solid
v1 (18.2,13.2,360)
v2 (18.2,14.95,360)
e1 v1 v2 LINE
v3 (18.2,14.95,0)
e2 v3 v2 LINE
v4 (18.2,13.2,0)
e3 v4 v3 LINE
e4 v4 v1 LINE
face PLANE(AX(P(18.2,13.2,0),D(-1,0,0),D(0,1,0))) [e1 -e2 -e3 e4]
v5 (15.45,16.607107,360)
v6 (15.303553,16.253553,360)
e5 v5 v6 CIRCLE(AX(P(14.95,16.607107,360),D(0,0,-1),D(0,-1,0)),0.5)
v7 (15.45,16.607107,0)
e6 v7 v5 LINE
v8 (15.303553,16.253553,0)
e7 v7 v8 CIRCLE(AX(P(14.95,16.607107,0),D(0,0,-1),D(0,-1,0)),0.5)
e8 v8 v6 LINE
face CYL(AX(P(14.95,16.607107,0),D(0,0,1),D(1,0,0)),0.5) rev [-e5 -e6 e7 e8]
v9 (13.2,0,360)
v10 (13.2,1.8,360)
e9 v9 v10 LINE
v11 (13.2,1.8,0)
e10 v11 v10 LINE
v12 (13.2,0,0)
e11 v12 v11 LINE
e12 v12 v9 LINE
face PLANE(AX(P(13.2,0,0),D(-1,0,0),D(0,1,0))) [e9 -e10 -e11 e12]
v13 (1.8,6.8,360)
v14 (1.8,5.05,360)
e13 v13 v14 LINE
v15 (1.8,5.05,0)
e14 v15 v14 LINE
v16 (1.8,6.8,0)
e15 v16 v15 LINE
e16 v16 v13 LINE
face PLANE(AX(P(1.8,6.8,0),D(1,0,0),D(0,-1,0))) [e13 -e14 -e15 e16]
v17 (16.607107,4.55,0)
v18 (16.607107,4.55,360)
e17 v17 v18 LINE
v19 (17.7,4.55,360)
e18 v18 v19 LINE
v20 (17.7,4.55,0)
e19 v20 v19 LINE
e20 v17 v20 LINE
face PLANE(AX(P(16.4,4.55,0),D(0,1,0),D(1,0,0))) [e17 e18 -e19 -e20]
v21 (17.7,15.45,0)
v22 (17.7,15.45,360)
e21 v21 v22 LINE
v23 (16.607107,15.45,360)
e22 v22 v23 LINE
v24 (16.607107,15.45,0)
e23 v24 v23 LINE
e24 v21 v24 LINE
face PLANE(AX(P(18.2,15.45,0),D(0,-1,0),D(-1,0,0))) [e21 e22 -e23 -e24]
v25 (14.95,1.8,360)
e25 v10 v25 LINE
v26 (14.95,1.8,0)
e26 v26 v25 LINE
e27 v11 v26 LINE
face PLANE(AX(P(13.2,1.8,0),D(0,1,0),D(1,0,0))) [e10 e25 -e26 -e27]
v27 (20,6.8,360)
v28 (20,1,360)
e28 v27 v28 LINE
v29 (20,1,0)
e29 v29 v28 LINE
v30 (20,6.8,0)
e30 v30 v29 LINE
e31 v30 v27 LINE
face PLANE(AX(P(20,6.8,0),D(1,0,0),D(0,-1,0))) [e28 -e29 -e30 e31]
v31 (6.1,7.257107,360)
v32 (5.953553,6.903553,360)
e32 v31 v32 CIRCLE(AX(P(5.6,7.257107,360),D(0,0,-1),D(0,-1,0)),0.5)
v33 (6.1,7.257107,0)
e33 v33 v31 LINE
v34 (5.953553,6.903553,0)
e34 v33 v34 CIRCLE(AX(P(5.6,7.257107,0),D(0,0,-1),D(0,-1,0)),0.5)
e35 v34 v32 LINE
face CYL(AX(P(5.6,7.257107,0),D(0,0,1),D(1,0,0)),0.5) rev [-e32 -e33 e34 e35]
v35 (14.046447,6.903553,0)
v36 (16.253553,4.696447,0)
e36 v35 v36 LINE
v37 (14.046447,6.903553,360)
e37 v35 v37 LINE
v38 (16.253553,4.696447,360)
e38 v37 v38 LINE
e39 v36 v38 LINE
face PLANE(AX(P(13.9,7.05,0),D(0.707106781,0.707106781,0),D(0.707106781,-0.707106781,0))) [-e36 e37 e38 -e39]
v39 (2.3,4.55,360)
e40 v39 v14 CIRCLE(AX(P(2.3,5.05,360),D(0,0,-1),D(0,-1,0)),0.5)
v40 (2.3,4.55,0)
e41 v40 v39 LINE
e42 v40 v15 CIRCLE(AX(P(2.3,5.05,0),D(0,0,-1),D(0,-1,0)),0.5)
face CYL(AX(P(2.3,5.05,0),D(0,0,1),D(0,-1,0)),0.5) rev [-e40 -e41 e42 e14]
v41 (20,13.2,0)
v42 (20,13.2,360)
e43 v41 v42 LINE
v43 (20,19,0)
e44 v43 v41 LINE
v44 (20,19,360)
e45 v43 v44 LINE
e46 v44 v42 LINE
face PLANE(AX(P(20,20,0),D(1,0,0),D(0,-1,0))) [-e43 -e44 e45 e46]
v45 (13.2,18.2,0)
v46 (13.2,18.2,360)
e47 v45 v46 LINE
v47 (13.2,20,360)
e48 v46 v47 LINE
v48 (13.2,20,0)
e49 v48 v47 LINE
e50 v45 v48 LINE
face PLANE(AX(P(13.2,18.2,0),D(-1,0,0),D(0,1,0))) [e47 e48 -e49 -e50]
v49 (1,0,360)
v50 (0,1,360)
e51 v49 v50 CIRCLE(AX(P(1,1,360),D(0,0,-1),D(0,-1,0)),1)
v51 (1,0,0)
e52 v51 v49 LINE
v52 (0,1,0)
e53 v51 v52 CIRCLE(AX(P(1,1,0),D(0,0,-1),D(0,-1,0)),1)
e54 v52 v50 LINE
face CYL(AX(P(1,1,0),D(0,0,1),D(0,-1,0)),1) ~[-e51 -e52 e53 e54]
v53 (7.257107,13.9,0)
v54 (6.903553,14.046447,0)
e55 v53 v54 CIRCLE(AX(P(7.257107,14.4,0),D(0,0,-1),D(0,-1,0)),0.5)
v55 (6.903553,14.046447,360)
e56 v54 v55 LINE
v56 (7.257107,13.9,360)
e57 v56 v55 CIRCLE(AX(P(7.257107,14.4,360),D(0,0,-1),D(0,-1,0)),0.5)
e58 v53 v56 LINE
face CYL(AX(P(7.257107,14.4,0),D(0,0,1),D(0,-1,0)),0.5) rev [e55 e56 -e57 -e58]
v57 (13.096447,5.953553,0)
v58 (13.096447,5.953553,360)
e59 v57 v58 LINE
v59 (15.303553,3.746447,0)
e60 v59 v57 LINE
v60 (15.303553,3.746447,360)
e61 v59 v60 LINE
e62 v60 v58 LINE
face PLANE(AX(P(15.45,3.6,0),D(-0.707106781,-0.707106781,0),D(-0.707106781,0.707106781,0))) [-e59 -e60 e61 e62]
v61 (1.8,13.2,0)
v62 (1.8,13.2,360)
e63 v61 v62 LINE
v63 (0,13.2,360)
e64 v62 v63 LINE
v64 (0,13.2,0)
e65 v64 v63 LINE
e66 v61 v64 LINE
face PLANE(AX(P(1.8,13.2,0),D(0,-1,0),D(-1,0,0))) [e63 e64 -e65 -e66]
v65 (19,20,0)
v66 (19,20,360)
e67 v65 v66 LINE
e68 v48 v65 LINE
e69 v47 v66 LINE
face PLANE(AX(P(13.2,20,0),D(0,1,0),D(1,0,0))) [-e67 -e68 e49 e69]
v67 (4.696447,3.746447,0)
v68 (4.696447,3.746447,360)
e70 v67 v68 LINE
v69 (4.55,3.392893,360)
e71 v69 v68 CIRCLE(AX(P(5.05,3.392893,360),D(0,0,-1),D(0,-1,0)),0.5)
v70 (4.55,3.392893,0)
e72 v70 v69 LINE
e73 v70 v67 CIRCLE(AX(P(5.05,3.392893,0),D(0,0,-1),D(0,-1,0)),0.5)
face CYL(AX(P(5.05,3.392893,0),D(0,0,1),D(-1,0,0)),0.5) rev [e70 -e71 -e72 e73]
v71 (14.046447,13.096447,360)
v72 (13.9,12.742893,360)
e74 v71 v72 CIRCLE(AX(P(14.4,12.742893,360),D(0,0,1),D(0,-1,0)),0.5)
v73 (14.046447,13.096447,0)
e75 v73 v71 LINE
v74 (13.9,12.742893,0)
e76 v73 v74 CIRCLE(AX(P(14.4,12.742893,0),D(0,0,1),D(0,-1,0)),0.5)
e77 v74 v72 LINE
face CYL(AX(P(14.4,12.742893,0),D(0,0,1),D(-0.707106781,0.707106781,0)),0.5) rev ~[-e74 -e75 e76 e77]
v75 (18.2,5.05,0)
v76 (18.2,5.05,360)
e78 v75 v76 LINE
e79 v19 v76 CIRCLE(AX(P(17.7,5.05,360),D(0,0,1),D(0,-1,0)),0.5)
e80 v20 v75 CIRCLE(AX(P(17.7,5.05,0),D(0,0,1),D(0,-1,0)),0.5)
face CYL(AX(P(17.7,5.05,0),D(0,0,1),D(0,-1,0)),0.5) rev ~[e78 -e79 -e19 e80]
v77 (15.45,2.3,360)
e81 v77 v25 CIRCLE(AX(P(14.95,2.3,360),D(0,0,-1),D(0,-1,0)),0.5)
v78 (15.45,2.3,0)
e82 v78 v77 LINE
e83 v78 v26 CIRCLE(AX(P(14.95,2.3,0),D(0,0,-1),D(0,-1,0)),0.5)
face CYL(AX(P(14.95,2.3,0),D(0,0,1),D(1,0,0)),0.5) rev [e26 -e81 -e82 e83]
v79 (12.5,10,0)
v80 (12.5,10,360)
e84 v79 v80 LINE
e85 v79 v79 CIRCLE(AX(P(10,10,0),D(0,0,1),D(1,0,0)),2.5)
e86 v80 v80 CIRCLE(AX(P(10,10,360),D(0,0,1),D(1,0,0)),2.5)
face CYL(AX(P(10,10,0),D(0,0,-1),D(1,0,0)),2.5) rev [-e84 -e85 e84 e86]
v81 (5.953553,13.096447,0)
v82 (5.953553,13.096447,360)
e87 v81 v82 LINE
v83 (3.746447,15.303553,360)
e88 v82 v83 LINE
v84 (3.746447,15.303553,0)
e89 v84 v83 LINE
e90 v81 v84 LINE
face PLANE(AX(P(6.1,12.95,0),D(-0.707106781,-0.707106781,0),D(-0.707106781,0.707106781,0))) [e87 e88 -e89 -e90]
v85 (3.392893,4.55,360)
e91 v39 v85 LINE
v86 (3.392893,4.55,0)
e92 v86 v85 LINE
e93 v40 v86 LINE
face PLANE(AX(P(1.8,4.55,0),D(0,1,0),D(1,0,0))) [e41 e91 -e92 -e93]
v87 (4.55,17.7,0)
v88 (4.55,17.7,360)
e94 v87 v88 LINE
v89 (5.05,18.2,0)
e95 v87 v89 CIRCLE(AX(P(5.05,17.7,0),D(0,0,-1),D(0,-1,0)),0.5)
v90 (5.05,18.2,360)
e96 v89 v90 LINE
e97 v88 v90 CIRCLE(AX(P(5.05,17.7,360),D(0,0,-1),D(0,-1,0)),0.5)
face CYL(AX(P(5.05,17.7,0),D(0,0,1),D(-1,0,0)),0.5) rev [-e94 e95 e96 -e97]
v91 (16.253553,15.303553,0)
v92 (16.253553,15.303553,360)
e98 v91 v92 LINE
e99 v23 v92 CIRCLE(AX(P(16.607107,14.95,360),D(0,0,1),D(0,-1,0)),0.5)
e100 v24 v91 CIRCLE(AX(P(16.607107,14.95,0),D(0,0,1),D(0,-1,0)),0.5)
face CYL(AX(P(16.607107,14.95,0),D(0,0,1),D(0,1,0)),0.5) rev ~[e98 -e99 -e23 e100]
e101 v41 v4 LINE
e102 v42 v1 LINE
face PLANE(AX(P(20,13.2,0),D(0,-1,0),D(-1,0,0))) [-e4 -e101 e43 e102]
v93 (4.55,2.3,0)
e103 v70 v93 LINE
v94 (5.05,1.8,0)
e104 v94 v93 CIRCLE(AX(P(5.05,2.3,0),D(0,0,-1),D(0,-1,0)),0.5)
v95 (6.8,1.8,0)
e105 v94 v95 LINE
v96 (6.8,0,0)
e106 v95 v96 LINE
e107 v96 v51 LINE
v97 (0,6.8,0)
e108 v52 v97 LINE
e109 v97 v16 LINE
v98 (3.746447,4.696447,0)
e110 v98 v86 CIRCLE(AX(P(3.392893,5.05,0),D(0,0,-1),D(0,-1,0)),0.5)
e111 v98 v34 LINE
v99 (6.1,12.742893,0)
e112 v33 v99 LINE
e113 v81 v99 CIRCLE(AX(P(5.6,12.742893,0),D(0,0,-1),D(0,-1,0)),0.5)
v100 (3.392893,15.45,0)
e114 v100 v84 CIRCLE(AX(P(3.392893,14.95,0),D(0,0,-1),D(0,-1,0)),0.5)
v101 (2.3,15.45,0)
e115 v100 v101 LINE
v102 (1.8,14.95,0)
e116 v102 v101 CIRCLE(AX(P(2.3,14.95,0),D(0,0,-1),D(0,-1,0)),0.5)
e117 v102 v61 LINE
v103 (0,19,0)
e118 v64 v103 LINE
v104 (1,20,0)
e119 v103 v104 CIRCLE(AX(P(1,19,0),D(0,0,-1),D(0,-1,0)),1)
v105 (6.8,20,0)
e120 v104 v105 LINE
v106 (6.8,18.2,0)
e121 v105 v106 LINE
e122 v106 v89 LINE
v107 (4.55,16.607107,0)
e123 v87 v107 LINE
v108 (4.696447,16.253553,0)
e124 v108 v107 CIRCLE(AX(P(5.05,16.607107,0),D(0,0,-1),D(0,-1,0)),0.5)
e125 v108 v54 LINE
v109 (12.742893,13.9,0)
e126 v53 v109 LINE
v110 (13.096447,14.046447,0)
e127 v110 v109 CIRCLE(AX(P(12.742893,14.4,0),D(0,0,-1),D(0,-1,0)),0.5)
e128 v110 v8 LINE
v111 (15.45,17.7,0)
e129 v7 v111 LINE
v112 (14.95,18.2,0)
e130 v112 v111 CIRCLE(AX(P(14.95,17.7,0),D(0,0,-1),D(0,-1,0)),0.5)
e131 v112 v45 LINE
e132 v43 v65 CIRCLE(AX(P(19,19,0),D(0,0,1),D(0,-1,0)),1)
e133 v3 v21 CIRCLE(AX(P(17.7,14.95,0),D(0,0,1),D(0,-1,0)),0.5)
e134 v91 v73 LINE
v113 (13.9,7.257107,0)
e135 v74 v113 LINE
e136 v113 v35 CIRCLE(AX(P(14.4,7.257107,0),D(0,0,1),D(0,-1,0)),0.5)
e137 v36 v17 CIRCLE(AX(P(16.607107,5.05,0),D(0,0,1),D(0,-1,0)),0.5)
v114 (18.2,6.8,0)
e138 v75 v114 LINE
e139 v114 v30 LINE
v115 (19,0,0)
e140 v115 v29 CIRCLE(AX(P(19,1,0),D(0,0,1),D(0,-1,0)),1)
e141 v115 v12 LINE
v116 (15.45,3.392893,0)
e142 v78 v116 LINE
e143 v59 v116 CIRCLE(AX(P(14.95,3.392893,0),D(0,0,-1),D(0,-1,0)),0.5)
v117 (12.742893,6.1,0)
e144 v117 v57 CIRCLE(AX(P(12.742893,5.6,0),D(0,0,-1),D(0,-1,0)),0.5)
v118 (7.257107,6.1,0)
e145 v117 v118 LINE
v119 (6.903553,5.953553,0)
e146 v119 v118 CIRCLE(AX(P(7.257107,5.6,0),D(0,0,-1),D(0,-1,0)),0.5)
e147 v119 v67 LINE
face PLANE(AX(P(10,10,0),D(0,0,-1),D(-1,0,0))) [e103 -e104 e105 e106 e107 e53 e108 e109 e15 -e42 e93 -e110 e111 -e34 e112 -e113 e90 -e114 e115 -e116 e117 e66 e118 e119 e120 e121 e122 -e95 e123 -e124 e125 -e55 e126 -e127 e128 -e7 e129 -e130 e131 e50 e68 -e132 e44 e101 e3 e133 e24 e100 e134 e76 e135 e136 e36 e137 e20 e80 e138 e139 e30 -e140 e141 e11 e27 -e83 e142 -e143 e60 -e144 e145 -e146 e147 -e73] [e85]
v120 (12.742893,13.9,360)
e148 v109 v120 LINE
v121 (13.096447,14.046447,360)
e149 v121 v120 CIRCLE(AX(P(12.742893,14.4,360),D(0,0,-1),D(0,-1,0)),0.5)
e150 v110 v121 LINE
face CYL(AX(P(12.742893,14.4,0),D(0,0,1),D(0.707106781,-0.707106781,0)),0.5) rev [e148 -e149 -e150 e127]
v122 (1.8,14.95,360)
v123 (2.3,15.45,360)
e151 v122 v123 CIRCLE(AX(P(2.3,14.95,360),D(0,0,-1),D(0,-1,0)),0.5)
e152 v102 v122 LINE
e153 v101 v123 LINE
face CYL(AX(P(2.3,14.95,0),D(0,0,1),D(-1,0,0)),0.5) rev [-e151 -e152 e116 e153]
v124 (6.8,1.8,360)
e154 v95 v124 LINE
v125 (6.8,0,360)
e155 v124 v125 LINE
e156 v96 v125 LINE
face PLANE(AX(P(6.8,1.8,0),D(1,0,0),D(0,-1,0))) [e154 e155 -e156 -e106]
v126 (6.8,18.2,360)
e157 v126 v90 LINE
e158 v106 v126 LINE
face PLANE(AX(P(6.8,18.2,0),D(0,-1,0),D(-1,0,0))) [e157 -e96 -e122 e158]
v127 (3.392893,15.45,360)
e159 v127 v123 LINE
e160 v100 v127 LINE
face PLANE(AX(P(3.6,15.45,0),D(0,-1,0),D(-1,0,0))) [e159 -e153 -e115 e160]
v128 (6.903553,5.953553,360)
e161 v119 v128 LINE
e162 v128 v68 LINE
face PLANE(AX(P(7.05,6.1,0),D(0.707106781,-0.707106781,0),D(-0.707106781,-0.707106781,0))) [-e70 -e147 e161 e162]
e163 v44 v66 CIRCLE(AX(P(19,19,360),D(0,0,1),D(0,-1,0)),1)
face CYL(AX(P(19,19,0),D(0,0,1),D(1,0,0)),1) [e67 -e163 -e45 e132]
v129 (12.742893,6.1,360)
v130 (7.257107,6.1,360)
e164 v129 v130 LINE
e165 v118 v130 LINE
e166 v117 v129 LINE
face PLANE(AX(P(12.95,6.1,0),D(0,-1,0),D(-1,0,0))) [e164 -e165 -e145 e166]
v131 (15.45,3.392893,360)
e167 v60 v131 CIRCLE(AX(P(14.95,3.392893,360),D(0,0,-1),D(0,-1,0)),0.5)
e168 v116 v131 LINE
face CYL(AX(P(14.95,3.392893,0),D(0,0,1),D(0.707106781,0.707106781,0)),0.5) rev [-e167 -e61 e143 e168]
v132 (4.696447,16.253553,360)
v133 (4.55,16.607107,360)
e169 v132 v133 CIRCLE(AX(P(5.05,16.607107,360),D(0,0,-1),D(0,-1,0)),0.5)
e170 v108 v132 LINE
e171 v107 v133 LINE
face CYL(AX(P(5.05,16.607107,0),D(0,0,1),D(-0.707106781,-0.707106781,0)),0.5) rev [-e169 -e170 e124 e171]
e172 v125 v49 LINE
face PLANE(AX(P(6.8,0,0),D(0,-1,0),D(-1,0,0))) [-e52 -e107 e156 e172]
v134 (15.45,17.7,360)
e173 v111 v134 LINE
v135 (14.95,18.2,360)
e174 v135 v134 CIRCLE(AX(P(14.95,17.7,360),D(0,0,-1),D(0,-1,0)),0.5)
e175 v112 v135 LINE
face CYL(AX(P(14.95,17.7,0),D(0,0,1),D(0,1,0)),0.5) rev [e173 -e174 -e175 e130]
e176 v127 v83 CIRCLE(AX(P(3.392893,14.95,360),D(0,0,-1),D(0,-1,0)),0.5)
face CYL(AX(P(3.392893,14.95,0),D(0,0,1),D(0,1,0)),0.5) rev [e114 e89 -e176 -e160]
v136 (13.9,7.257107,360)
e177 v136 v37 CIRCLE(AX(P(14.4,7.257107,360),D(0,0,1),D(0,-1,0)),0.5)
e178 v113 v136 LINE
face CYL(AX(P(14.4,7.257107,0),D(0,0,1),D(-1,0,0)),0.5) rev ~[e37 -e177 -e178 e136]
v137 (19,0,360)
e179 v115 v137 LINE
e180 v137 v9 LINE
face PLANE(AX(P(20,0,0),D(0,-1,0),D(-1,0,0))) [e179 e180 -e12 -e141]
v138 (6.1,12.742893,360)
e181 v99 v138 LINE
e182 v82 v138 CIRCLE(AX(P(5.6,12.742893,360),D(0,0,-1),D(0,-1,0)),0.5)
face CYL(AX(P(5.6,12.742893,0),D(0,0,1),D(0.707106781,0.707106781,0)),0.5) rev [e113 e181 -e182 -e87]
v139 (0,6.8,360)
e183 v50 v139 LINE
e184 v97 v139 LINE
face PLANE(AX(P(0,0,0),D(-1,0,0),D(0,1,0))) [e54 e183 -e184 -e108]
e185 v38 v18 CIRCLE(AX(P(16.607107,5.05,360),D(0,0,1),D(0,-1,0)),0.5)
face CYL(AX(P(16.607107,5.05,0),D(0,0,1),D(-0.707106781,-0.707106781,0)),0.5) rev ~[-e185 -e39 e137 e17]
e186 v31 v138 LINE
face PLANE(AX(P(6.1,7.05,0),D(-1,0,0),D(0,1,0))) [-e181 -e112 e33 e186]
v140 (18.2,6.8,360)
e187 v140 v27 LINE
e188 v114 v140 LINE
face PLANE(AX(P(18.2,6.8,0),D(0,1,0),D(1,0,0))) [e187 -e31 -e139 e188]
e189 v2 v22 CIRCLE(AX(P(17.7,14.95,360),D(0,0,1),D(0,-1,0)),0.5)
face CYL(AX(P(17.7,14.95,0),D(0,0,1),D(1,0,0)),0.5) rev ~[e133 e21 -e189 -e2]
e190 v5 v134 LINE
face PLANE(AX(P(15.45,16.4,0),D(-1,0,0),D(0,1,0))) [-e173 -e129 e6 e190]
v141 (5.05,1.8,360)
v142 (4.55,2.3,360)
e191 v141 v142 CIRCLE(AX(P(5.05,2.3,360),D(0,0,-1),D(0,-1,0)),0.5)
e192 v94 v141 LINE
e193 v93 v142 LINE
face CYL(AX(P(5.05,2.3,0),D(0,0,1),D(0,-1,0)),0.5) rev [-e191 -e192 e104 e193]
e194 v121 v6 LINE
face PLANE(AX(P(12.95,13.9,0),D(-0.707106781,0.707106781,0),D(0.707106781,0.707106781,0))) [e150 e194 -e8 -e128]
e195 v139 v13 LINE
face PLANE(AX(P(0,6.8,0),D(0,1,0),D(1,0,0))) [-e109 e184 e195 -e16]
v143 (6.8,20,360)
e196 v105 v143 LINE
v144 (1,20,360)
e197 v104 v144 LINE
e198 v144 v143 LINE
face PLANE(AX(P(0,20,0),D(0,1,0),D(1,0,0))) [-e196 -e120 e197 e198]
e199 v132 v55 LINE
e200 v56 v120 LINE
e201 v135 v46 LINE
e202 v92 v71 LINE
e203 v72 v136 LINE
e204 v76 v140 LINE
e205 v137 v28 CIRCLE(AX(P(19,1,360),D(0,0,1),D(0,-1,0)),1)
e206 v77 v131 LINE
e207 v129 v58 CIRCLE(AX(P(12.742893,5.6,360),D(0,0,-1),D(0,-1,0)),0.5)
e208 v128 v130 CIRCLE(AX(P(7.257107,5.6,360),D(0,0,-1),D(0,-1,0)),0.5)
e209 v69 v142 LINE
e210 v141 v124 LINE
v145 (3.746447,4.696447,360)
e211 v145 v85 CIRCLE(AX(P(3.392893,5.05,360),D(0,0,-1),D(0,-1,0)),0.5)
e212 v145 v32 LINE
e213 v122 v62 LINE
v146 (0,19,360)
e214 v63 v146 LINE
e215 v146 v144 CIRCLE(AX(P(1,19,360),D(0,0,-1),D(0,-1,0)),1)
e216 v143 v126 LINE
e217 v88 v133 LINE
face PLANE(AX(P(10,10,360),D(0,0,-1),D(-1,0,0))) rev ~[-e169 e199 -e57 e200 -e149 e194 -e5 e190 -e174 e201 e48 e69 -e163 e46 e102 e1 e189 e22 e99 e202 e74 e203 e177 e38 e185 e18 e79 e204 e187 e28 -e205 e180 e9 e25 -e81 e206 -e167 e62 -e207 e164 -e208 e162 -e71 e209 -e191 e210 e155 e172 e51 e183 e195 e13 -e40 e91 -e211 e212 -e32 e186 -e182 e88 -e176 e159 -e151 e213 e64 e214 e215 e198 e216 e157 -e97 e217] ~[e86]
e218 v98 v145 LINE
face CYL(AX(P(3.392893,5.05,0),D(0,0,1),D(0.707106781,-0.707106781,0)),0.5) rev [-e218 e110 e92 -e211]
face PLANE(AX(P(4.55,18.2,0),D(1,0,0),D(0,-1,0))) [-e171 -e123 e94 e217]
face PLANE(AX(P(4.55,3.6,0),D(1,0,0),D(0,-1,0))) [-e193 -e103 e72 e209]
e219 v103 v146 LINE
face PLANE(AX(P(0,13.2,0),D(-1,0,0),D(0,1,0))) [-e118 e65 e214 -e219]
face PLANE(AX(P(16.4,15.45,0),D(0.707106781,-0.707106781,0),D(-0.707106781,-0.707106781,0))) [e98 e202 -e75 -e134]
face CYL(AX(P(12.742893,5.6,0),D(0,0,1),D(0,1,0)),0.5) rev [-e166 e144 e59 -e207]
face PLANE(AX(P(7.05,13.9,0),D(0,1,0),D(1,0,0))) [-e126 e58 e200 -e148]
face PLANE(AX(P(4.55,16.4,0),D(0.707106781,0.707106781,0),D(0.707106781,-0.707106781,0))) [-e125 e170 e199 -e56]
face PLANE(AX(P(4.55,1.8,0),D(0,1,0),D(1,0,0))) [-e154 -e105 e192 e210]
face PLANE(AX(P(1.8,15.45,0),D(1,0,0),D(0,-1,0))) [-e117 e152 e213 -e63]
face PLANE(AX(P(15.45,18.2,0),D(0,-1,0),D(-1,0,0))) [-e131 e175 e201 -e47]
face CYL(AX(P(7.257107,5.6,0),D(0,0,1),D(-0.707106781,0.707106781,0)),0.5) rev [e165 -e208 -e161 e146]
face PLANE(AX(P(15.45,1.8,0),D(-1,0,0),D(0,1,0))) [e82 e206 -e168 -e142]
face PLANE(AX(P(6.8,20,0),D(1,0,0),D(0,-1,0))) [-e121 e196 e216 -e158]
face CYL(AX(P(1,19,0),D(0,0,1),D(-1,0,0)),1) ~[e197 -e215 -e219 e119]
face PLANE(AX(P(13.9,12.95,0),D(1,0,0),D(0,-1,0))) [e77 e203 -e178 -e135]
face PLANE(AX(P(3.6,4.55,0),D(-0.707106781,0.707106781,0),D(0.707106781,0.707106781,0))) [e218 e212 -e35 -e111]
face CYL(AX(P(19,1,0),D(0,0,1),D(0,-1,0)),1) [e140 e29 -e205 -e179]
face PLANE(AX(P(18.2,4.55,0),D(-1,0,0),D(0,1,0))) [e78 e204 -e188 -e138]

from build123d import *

# Parameters (mm, degrees)
SKETCH1_R           = 2.5
BOSS_EXTRUDE1_DEPTH = 360
FILLET1_R           = 1
FILLET2_R           = 0.5
FILLET3_R           = 0.5
FILLET4_R           = 0.5
FILLET5_R           = 0.5


with BuildPart() as part:
    # Sketch1 → Boss-Extrude1 (new body)
    with BuildSketch(Plane.XY):
        Polygon((13.2, 0), (13.2, 1.8), (15.45, 1.8), (15.45, 3.6), (12.95, 6.1), (7.05, 6.1), (4.55, 3.6), (4.55, 1.8), (6.8, 1.8), (6.8, 0), (0, 0), (0, 6.8), (1.8, 6.8), (1.8, 4.55), (3.6, 4.55), (6.1, 7.05), (6.1, 12.95), (3.6, 15.45), (1.8, 15.45), (1.8, 13.2), (0, 13.2), (0, 20), (6.8, 20), (6.8, 18.2), (4.55, 18.2), (4.55, 16.4), (7.05, 13.9), (12.95, 13.9), (15.45, 16.4), (15.45, 18.2), (13.2, 18.2), (13.2, 20), (20, 20), (20, 13.2), (18.2, 13.2), (18.2, 15.45), (16.4, 15.45), (13.9, 12.95), (13.9, 7.05), (16.4, 4.55), (18.2, 4.55), (18.2, 6.8), (20, 6.8), (20, 0), align=None)
        with Locations((10, 10)):
            Circle(SKETCH1_R, mode=Mode.SUBTRACT)
    extrude(amount=BOSS_EXTRUDE1_DEPTH)

    # Fillet1
    fillet1_edges = [part.edges().sort_by_distance(p)[0] for p in [
        (0, 0, 180),
        (0, 20, 180),
        (20, 20, 180),
        (20, 0, 180),
    ]]
    fillet(fillet1_edges, radius=FILLET1_R)

    # Fillet2
    fillet2_edges = [part.edges().sort_by_distance(p)[0] for p in [
        (4.55, 18.2, 180),
        (4.55, 16.4, 180),
        (7.05, 13.9, 180),
        (12.95, 13.9, 180),
        (15.45, 16.4, 180),
        (15.45, 18.2, 180),
    ]]
    fillet(fillet2_edges, radius=FILLET2_R)

    # Fillet3
    fillet3_edges = [part.edges().sort_by_distance(p)[0] for p in [
        (18.2, 15.45, 180),
        (16.4, 15.45, 180),
        (13.9, 12.95, 180),
        (13.9, 7.05, 180),
        (16.4, 4.55, 180),
        (18.2, 4.55, 180),
    ]]
    fillet(fillet3_edges, radius=FILLET3_R)

    # Fillet4
    fillet4_edges = [part.edges().sort_by_distance(p)[0] for p in [
        (1.8, 4.55, 180),
        (3.6, 4.55, 180),
        (6.1, 7.05, 180),
        (6.1, 12.95, 180),
        (3.6, 15.45, 180),
        (1.8, 15.45, 180),
    ]]
    fillet(fillet4_edges, radius=FILLET4_R)

    # Fillet5
    fillet5_edges = [part.edges().sort_by_distance(p)[0] for p in [
        (15.45, 1.8, 180),
        (15.45, 3.6, 180),
        (12.95, 6.1, 180),
        (7.05, 6.1, 180),
        (4.55, 3.6, 180),
        (4.55, 1.8, 180),
    ]]
    fillet(fillet5_edges, radius=FILLET5_R)


solid = part.part
